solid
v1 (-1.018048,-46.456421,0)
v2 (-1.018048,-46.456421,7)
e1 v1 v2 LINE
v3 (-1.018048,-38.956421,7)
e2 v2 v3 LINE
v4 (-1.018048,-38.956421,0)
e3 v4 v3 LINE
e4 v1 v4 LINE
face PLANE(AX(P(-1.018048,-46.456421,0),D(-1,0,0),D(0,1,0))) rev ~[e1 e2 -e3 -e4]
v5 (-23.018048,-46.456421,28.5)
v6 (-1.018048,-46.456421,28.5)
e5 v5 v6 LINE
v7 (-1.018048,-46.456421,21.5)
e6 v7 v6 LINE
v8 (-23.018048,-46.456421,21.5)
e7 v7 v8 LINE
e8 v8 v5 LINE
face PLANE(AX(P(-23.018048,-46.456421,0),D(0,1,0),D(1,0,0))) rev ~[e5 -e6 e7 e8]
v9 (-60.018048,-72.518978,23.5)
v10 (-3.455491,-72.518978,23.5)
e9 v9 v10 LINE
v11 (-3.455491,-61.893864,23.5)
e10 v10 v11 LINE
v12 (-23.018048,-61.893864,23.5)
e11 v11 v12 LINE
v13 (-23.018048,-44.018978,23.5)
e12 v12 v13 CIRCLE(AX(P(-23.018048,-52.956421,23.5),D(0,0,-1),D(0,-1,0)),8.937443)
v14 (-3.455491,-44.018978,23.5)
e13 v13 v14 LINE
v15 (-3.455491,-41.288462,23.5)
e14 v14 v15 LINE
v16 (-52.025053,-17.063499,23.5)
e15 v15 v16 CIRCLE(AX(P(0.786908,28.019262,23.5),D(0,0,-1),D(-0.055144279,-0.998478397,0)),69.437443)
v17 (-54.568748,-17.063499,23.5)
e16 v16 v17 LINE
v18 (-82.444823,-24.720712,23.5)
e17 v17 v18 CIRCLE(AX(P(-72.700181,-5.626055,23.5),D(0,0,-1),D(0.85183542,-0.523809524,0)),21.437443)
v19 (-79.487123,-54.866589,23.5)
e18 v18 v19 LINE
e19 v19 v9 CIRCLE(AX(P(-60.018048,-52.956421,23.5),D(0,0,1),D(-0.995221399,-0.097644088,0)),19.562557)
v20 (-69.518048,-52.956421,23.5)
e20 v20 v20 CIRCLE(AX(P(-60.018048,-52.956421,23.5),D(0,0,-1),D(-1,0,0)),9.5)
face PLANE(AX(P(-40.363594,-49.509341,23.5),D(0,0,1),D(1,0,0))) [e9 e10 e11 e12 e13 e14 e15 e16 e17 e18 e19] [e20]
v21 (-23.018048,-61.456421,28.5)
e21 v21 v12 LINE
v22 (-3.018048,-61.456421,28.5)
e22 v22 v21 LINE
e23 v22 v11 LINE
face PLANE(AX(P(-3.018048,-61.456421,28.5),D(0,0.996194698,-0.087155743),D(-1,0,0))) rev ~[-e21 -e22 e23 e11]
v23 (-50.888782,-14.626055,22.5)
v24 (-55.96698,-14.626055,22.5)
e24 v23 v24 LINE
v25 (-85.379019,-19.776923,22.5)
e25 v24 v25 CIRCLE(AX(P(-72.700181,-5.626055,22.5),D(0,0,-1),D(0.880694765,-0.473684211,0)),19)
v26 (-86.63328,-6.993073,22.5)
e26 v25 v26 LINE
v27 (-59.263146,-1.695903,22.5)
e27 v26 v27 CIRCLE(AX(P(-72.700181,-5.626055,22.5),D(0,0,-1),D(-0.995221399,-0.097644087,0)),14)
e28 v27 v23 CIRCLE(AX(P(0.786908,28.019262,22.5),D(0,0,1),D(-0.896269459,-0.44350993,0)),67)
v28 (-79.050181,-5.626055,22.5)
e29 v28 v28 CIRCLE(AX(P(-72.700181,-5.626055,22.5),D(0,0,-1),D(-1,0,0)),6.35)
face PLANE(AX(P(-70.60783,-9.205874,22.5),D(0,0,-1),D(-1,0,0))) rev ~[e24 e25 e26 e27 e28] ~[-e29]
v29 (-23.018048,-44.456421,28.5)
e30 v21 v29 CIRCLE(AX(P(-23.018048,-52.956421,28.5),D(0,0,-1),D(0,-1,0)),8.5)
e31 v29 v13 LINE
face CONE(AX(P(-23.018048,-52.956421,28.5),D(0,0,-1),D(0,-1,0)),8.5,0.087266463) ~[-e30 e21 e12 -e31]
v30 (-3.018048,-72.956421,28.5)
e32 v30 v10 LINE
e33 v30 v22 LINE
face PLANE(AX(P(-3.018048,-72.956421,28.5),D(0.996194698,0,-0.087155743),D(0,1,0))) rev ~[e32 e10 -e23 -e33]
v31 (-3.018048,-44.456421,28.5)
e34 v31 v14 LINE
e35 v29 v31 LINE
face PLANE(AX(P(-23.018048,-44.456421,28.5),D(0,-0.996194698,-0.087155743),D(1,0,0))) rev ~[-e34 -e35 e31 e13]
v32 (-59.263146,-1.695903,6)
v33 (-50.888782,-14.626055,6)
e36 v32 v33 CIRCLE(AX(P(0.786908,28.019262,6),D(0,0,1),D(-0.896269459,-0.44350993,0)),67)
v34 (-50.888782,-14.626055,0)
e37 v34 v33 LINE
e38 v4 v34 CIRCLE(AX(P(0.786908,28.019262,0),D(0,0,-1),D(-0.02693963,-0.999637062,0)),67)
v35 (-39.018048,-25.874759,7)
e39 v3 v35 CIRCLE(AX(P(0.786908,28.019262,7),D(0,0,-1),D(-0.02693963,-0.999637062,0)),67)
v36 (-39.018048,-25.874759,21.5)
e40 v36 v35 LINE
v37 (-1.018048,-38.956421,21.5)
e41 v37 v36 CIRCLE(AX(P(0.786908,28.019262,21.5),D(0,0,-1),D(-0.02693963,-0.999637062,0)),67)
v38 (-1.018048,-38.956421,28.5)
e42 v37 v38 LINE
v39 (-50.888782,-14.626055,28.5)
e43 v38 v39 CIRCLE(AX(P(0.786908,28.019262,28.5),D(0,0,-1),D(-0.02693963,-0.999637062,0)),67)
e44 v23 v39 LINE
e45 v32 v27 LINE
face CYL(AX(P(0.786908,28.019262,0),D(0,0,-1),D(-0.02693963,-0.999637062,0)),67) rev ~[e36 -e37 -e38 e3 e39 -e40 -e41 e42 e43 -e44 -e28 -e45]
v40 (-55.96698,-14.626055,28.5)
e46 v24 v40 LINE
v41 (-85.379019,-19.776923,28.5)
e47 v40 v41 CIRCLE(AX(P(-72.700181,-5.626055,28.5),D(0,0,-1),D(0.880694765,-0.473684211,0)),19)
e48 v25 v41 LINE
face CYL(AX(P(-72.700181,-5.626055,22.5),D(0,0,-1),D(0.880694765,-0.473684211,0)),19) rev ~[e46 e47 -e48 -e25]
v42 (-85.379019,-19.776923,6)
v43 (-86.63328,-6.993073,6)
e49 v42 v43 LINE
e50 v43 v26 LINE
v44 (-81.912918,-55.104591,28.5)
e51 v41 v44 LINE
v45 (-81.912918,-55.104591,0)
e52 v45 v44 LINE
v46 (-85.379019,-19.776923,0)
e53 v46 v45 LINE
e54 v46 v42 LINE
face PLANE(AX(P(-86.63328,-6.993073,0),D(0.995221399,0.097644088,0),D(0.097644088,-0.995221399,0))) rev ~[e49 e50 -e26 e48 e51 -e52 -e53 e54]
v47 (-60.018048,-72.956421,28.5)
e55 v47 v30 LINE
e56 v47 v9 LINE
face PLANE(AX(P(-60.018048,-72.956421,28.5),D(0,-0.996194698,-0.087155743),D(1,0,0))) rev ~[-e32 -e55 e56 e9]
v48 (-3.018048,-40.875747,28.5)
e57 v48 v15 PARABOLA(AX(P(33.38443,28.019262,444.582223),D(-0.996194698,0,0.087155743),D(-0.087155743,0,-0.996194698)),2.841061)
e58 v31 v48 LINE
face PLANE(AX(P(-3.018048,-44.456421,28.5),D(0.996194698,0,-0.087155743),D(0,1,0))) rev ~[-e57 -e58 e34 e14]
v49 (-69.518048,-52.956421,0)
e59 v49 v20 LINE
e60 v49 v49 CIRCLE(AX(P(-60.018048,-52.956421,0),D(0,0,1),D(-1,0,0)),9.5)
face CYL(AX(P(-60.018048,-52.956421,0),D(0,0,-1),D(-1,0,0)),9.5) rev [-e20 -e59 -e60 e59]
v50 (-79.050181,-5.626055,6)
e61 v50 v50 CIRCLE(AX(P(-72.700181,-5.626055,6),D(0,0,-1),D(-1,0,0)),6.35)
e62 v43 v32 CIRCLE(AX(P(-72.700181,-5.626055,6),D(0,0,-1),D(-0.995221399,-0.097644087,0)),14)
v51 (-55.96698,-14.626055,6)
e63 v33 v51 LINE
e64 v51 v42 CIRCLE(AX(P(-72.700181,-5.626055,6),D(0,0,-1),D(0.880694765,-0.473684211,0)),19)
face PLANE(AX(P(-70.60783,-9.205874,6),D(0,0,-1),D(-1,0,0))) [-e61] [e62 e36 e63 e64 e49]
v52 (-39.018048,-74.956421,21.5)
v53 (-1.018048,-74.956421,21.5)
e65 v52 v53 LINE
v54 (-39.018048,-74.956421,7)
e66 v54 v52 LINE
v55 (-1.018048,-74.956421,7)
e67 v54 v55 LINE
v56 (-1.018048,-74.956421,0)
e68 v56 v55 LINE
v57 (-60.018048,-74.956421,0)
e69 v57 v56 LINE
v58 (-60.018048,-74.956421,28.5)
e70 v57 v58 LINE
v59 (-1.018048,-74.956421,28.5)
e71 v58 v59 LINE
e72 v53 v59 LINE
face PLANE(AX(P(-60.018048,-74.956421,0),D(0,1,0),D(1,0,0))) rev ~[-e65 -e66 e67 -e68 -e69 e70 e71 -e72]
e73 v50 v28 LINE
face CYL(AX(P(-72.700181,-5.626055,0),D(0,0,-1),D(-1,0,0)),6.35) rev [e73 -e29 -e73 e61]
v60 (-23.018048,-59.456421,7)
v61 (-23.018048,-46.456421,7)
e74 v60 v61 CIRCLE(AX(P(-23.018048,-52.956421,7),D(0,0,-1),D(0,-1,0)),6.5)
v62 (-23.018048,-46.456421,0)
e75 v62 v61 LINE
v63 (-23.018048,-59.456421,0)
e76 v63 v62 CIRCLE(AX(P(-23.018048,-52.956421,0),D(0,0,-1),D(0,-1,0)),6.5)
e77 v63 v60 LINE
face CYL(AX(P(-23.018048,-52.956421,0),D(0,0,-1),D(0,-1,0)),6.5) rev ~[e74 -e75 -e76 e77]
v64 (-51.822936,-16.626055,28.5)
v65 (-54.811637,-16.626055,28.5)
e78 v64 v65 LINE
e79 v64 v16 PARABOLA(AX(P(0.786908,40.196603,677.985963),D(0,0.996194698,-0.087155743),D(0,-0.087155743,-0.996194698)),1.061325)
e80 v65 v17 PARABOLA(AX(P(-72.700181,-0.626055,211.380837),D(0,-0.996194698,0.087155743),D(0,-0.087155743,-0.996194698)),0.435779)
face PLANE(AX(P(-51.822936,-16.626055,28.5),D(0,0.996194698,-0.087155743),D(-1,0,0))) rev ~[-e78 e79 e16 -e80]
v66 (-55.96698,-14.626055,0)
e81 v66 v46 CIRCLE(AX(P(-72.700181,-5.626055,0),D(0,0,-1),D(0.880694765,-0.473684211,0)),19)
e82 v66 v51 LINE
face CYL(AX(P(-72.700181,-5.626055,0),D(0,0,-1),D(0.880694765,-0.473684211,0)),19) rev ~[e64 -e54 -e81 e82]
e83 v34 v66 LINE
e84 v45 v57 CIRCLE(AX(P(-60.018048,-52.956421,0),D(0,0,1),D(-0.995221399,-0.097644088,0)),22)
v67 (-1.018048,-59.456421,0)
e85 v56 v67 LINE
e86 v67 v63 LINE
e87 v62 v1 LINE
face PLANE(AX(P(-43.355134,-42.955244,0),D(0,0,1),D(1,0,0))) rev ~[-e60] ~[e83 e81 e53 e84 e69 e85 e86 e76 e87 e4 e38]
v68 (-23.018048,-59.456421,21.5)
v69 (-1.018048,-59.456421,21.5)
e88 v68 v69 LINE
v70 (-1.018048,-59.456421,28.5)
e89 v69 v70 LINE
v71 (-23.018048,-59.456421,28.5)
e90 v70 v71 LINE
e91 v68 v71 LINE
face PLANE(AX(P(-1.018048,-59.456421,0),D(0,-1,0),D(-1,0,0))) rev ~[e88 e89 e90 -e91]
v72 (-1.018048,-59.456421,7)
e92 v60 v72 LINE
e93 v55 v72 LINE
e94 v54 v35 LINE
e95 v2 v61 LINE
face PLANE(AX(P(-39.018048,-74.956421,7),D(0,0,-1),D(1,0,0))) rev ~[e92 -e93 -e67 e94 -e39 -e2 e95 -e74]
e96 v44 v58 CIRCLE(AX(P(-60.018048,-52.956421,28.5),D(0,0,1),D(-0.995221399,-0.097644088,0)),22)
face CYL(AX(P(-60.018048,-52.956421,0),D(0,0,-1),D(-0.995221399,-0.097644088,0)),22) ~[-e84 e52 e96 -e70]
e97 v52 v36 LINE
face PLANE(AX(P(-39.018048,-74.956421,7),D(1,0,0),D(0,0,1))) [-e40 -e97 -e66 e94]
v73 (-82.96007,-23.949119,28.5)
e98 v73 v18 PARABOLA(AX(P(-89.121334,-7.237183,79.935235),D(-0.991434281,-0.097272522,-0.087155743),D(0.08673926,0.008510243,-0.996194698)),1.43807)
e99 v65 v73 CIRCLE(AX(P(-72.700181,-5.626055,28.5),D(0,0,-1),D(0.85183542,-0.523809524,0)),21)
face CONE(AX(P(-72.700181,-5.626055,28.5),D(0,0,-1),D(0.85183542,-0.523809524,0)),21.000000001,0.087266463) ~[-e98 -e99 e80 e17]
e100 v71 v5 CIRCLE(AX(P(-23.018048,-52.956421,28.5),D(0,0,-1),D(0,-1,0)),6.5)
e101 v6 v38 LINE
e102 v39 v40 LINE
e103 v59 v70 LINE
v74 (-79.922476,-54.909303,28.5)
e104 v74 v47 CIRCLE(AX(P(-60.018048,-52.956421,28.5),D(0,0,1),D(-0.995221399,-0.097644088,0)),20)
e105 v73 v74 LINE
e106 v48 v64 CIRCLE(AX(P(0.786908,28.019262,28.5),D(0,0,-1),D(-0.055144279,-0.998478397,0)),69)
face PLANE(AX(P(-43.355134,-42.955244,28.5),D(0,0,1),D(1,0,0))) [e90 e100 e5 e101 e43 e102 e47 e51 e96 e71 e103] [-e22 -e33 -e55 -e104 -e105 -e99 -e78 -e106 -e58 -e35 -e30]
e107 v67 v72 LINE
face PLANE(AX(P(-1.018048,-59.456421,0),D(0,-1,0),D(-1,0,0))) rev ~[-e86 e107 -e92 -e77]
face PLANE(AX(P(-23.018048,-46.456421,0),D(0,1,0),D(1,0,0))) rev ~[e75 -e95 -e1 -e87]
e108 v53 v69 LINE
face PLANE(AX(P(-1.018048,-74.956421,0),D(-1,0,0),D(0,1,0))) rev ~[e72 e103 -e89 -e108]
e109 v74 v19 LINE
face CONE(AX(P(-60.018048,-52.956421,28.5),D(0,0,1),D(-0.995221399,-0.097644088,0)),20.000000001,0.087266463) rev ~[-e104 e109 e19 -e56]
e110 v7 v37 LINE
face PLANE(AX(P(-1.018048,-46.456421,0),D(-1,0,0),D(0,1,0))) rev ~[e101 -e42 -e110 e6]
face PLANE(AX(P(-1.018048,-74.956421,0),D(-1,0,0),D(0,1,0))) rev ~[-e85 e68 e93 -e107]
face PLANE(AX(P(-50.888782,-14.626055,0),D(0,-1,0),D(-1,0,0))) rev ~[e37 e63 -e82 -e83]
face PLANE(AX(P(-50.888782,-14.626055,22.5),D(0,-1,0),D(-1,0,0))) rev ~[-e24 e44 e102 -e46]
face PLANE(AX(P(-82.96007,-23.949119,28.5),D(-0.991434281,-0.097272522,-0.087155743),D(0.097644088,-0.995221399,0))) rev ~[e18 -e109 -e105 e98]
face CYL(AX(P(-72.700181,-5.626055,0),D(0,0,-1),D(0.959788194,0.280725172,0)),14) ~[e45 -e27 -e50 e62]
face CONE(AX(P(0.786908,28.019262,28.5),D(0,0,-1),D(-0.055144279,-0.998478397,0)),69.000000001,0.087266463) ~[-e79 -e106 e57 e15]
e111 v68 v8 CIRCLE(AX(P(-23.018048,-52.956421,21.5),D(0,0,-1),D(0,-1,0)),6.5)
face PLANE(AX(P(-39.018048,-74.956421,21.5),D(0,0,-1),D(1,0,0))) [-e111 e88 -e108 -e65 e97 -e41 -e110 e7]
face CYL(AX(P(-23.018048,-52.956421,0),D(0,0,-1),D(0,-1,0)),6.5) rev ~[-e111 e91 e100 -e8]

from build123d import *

# Parameters (mm, degrees)
ESQUISSE1_R             = 6.35
ESQUISSE1_R_2           = 9.5
BOSS_EXTRU_1_DEPTH      = 28.5
ENL_V_START             = -6
ENL_V_MAT_EXTRU_1_DEPTH = 6
ENL_V_MAT_EXTRU_2_DEPTH = 6
ESQUISSE4_W             = 38
ESQUISSE4_H             = 14.5
ENL_V_MAT_EXTRU_3_DEPTH = 124.584469767
ENL_V_MAT_EXTRU_5_DEPTH = 5
ENL_V_MAT_EXTRU_5_DRAFT = -5


with BuildPart() as part:
    # Esquisse1 → Boss.-Extru.1 (new body)
    with BuildSketch(Plane.XY):
        with BuildLine():
            Line((-86.633280406, -6.99307262), (-81.912918385, -55.104590809))
            ThreePointArc((-81.912918385, -55.104590809), (-74.795399572, -69.254576275), (-60.018047616, -74.956420883))
            Line((-60.018047616, -74.956420883), (-1.018047616, -74.956420883))
            Line((-1.018047616, -74.956420883), (-1.018047616, -59.456420883))
            Line((-1.018047616, -59.456420883), (-23.018047616, -59.456420883))
            ThreePointArc((-23.018047616, -59.456420883), (-29.518047616, -52.956420883), (-23.018047616, -46.456420883))
            Line((-23.018047616, -46.456420883), (-1.018047616, -46.456420883))
            Line((-1.018047616, -46.456420883), (-1.018047616, -38.956420883))
            ThreePointArc((-1.018047616, -38.956420883), (-35.318453229, -28.420111536), (-59.263146108, -1.695902984))
            ThreePointArc((-59.263146108, -1.695902984), (-75.360354059, 8.118888343), (-86.633280406, -6.99307262))
        make_face()
        with Locations(Location((-72.700180587, -5.626055331, 0), (0, 0, 180))):
            Circle(ESQUISSE1_R, mode=Mode.SUBTRACT)
        with Locations(Location((-60.018047616, -52.956420883, 0), (0, 0, 180))):
            Circle(ESQUISSE1_R_2, mode=Mode.SUBTRACT)
    extrude(amount=BOSS_EXTRU_1_DEPTH)

    # Esquisse2 → Enlèv. mat.-Extru.1 (cut)
    with BuildSketch(Plane.XY.offset(28.5).offset(ENL_V_START)):
        with BuildLine():
            Line((-50.888781824, -14.626055395), (-55.966980296, -14.626055395))
            ThreePointArc((-55.966980296, -14.626055395), (-69.422632675, -24.341227799), (-85.379019392, -19.776922952))
            Line((-85.379019392, -19.776922952), (-86.633280406, -6.99307262))
            ThreePointArc((-86.633280406, -6.99307262), (-75.360354059, 8.118888343), (-59.263146108, -1.695902984))
            ThreePointArc((-59.263146108, -1.695902984), (-55.448825079, -8.402467045), (-50.888781824, -14.626055395))
        make_face()
    extrude(amount=ENL_V_MAT_EXTRU_1_DEPTH, mode=Mode.SUBTRACT)

    # Esquisse3 → Enlèv. mat.-Extru.2 (cut)
    with BuildSketch(Plane(origin=(0, 0, 0), x_dir=(-1, 0, 0), z_dir=(0, 0, -1))):
        with BuildLine():
            Line((85.379019392, -19.776922952), (86.633280406, -6.99307262))
            ThreePointArc((86.633280406, -6.99307262), (75.360354059, 8.118888343), (59.263146108, -1.695902984))
            ThreePointArc((59.263146108, -1.695902984), (55.448825079, -8.402467045), (50.888781824, -14.626055395))
            Line((50.888781824, -14.626055395), (55.966980296, -14.626055395))
            ThreePointArc((55.966980296, -14.626055395), (69.422632675, -24.341227799), (85.379019392, -19.776922952))
        make_face()
    extrude(amount=-ENL_V_MAT_EXTRU_2_DEPTH, mode=Mode.SUBTRACT)

    # Esquisse4 → Enlèv. mat.-Extru.3 (cut, through all)
    with BuildSketch(Plane.XZ.offset(74.956420883)):
        with Locations((-20.018047616, 14.25)):
            Rectangle(ESQUISSE4_W, ESQUISSE4_H)
    extrude(amount=-ENL_V_MAT_EXTRU_3_DEPTH, mode=Mode.SUBTRACT)


with BuildPart() as enl_v_mat_extru_5_tool:
    # Esquisse5 → Enlèv. mat.-Extru.5 (with draft: the straight prism first)
    with BuildSketch(Plane.XY.offset(28.5)):
        with BuildLine():
            Line((-51.822935649, -16.626055395), (-54.811637006, -16.626055395))
            ThreePointArc((-54.811637006, -16.626055395), (-67.412845938, -25.949541557), (-82.960069876, -23.949119459))
            Line((-82.960069876, -23.949119459), (-79.922475588, -54.909302634))
            ThreePointArc((-79.922475588, -54.909302634), (-73.452003939, -67.772925785), (-60.018047616, -72.956420883))
            Line((-60.018047616, -72.956420883), (-3.018047616, -72.956420883))
            Line((-3.018047616, -72.956420883), (-3.018047616, -61.456420883))
            Line((-3.018047616, -61.456420883), (-23.018047616, -61.456420883))
            ThreePointArc((-23.018047616, -61.456420883), (-31.518047616, -52.956420883), (-23.018047616, -44.456420883))
            Line((-23.018047616, -44.456420883), (-3.018047616, -44.456420883))
            Line((-3.018047616, -44.456420883), (-3.018047616, -40.875747076))
            ThreePointArc((-3.018047616, -40.875747076), (-29.916011773, -33.773380805), (-51.822935649, -16.626055395))
        make_face()
    extrude(amount=-ENL_V_MAT_EXTRU_5_DEPTH)
    # Enlèv. mat.-Extru.5: the draft: its side faces are tilted about the plane it starts from
    enl_v_mat_extru_5_sides = [enl_v_mat_extru_5_tool.faces().sort_by_distance(p)[0] for p in [
        (-53.317286327, -16.626055395, 26),
        (-67.412845938, -25.949541557, 26),
        (-81.441272732, -39.429211046, 26),
        (-73.452003939, -67.772925785, 26),
        (-31.518047616, -72.956420883, 26),
        (-3.018047616, -67.206420883, 26),
        (-13.018047616, -61.456420883, 26),
        (-31.518047616, -52.956420883, 26),
        (-13.018047616, -44.456420883, 26),
        (-3.018047616, -42.66608398, 26),
        (-29.916011773, -33.773380805, 26),
    ]]
    draft(enl_v_mat_extru_5_sides, Plane.XY.offset(28.5), ENL_V_MAT_EXTRU_5_DRAFT)


with BuildPart() as part_1:
    add(part.part)

    # Enlèv. mat.-Extru.5: cut by enl_v_mat_extru_5_tool
    add(enl_v_mat_extru_5_tool.part, mode=Mode.SUBTRACT)


solid = part_1.part
